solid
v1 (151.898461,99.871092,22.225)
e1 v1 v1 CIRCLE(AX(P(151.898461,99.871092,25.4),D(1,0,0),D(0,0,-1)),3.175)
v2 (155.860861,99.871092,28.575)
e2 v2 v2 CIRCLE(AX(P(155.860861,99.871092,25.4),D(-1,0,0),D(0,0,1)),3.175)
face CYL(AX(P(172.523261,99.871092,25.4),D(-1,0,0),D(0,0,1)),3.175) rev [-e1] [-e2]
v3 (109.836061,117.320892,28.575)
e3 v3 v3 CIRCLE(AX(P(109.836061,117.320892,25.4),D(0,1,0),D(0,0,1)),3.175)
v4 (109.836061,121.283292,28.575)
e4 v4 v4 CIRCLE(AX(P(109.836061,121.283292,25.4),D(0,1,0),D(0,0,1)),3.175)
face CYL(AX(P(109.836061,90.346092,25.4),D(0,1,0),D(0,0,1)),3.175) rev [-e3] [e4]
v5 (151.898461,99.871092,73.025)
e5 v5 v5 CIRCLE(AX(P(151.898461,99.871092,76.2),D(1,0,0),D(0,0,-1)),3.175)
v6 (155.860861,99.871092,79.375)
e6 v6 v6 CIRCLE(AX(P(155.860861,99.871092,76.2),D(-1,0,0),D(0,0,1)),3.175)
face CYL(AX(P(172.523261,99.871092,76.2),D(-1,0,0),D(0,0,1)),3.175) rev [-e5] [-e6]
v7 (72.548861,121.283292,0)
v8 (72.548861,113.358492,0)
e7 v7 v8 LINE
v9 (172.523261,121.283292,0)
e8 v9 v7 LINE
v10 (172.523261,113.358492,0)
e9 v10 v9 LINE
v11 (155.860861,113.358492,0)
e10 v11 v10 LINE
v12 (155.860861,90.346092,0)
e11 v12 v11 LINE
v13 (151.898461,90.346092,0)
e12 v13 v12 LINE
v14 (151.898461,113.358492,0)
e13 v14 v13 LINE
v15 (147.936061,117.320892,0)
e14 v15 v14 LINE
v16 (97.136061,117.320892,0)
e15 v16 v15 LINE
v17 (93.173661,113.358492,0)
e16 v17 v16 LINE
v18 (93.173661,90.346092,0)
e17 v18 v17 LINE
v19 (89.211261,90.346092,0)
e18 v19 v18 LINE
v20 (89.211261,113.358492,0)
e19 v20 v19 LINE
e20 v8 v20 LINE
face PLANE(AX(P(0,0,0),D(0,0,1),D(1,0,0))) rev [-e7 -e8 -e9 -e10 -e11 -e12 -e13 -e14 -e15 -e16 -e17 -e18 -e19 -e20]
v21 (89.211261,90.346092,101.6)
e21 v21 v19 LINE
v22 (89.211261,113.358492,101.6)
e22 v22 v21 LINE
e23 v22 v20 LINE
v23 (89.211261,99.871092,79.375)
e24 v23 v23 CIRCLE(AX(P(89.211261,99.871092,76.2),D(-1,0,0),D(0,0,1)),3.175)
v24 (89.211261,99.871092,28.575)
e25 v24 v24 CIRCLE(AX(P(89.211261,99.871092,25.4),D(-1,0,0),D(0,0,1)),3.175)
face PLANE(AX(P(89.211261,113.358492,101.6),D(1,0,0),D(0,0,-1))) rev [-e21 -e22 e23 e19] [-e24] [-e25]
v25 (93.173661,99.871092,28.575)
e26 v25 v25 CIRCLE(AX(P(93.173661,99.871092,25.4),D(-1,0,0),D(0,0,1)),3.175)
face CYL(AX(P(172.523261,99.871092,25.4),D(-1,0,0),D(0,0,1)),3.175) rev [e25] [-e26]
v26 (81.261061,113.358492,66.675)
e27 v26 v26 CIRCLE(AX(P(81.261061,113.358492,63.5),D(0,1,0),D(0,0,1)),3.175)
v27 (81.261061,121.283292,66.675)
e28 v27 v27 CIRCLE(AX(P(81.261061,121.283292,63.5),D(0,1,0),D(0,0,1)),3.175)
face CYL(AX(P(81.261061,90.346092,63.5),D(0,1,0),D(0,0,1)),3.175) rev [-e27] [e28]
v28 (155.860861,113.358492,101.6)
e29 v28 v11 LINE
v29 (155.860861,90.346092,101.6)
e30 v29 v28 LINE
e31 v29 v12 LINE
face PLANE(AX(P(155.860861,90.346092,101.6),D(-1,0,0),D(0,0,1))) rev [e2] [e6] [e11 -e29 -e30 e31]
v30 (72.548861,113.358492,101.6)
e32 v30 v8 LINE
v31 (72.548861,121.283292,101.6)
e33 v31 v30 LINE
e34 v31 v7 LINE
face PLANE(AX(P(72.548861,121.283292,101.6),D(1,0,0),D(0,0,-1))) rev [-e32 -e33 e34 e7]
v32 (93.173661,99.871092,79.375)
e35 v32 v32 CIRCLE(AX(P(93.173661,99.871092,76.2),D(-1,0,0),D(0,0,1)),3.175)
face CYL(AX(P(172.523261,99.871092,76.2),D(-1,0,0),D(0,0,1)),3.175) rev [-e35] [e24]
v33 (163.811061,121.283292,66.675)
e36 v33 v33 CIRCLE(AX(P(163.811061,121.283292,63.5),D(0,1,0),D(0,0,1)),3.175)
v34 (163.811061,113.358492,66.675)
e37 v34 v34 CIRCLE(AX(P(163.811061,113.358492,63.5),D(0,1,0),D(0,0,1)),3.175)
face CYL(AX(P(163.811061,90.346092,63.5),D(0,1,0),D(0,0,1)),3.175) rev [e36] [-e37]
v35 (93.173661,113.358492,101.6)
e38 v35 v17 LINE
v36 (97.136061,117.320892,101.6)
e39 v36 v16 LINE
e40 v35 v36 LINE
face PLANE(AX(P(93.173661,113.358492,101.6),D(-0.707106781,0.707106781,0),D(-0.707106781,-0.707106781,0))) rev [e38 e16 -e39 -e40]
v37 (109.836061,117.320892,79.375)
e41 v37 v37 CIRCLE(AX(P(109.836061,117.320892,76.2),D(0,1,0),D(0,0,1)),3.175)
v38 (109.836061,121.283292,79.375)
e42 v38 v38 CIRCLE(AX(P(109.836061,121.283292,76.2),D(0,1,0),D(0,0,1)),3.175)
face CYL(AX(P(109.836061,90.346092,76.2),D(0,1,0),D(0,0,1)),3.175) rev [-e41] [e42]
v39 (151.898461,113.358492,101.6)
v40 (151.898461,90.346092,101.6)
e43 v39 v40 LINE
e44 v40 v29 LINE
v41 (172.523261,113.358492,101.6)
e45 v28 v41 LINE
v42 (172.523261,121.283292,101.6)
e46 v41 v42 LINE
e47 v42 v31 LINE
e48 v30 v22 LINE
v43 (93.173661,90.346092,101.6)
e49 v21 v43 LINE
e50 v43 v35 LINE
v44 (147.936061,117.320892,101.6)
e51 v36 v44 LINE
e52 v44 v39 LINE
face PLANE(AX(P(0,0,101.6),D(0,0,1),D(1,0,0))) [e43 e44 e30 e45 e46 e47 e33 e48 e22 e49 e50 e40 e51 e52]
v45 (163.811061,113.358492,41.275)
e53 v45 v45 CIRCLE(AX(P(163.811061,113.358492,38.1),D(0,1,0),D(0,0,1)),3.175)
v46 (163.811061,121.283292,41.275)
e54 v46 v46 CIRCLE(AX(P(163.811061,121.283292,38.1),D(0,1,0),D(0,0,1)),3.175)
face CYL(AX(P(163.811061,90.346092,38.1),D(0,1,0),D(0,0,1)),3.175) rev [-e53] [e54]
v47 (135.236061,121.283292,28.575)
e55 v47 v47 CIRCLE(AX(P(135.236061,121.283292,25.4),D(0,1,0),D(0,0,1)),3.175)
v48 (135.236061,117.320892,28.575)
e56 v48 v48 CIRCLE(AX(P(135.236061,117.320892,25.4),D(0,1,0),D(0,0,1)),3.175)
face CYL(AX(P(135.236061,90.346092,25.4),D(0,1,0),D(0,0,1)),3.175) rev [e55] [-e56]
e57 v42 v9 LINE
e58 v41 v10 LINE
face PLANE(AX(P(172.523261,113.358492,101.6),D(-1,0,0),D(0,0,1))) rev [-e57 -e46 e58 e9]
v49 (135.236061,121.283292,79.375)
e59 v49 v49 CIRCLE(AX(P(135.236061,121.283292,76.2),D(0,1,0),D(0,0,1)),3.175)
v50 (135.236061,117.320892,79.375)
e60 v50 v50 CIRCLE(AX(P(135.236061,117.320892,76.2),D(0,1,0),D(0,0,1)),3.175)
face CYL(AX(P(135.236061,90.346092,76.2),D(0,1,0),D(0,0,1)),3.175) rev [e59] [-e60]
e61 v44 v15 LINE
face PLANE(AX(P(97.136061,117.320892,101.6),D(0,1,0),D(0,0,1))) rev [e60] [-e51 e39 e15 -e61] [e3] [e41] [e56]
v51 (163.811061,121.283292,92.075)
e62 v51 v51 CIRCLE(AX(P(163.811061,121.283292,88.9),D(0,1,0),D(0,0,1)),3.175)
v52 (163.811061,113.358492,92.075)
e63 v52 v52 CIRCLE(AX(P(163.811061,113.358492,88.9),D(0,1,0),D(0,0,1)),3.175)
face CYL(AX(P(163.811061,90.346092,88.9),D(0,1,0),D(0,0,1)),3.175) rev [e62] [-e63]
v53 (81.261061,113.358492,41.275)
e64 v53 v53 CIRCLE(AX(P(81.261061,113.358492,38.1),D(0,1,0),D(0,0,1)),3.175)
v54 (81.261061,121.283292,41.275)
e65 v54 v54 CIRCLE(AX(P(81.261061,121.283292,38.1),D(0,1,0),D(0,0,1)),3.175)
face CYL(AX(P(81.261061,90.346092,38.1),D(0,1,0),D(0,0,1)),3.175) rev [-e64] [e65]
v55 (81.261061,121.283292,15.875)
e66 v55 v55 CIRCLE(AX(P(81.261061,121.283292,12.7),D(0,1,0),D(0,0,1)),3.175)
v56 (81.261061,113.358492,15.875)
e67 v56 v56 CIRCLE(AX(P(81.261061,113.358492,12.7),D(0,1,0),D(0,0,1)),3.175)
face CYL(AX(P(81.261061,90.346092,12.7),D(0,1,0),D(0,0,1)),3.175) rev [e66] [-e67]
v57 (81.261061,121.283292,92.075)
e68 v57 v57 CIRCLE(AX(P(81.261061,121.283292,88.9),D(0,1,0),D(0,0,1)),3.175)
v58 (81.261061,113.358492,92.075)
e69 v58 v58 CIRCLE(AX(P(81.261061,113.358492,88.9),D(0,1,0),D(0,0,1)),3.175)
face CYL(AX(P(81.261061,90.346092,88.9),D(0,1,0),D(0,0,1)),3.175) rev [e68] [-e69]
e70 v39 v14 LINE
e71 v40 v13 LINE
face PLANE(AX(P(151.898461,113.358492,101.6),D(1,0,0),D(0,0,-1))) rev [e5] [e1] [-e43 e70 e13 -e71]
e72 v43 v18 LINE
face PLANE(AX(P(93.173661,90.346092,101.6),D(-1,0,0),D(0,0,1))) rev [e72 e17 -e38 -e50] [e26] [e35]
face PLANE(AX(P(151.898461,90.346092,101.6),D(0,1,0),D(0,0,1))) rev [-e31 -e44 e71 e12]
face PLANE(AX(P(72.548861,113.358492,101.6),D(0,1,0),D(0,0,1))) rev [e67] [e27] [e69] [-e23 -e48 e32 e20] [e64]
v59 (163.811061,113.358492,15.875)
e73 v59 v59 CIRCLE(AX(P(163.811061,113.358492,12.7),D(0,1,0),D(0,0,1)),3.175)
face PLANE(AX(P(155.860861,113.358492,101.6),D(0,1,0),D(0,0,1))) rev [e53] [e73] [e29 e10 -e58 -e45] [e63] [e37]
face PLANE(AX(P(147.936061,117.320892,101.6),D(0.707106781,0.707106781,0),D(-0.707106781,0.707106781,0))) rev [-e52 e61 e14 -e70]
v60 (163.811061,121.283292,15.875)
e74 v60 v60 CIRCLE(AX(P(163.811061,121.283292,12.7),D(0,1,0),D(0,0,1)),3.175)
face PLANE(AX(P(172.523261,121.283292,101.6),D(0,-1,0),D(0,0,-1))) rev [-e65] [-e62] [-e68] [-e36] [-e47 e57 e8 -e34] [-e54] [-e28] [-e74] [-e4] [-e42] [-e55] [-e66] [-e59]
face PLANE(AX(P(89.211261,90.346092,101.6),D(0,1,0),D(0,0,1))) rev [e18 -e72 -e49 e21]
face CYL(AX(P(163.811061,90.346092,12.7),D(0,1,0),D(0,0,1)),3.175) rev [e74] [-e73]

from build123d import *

# Parameters (mm, degrees)
BOSS_EXTRUDE1_DEPTH = 101.6
SKETCH2_R           = 3.175
CUT_EXTRUDE1_DEPTH  = 203.593055017
SKETCH3_R           = 3.175
CUT_EXTRUDE2_DEPTH  = 203.593055017
SKETCH4_R           = 3.175
CUT_EXTRUDE3_DEPTH  = 179.810196235


with BuildPart() as part:
    # Model → Boss-Extrude1 (new body)
    with BuildSketch(Plane.XY):
        Polygon((93.173661033, 113.358492063), (97.136061033, 117.320892063), (147.936061033, 117.320892063), (151.898461033, 113.358492063), (151.898461033, 90.346092063), (155.860861033, 90.346092063), (155.860861033, 113.358492063), (172.523261033, 113.358492063), (172.523261033, 121.283292063), (72.548861033, 121.283292063), (72.548861033, 113.358492063), (89.211261033, 113.358492063), (89.211261033, 90.346092063), (93.173661033, 90.346092063), align=None)
    extrude(amount=BOSS_EXTRUDE1_DEPTH)

    # Sketch2 → Cut-Extrude1 (cut, through all)
    with BuildSketch(Plane(origin=(0, 121.283292063, 0), x_dir=(1, 0, 0), z_dir=(0, 1, 0))):
        with Locations(Location((163.811061033, -12.7, 0), (0, 0, 270))):
            Circle(SKETCH2_R)
        with Locations(Location((163.811061033, -38.1, 0), (0, 0, 270))):
            Circle(SKETCH2_R)
        with Locations(Location((163.811061033, -63.5, 0), (0, 0, 270))):
            Circle(SKETCH2_R)
        with Locations(Location((163.811061033, -88.9, 0), (0, 0, 270))):
            Circle(SKETCH2_R)
        with Locations(Location((81.261061033, -38.1, 0), (0, 0, 270))):
            Circle(SKETCH2_R)
        with Locations(Location((81.261061033, -63.5, 0), (0, 0, 270))):
            Circle(SKETCH2_R)
        with Locations(Location((81.261061033, -88.9, 0), (0, 0, 270))):
            Circle(SKETCH2_R)
        with Locations(Location((81.261061033, -12.7, 0), (0, 0, 270))):
            Circle(SKETCH2_R)
    extrude(amount=-CUT_EXTRUDE1_DEPTH, mode=Mode.SUBTRACT)

    # Sketch3 → Cut-Extrude2 (cut, through all)
    with BuildSketch(Plane(origin=(0, 121.283292063, 0), x_dir=(1, 0, 0), z_dir=(0, 1, 0))):
        with Locations(Location((135.236061033, -25.4, 0), (0, 0, 270))):
            Circle(SKETCH3_R)
        with Locations(Location((109.836061033, -25.4, 0), (0, 0, 270))):
            Circle(SKETCH3_R)
        with Locations(Location((109.836061033, -76.2, 0), (0, 0, 270))):
            Circle(SKETCH3_R)
        with Locations(Location((135.236061033, -76.2, 0), (0, 0, 270))):
            Circle(SKETCH3_R)
    extrude(amount=-CUT_EXTRUDE2_DEPTH, mode=Mode.SUBTRACT)

    # Sketch4 → Cut-Extrude3 (cut, through all)
    with BuildSketch(Plane.ZY.offset(-89.211261033)):
        with Locations((25.4, 99.871092063)):
            Circle(SKETCH4_R)
        with Locations((76.2, 99.871092063)):
            Circle(SKETCH4_R)
    extrude(amount=-CUT_EXTRUDE3_DEPTH, mode=Mode.SUBTRACT)


solid = part.part
